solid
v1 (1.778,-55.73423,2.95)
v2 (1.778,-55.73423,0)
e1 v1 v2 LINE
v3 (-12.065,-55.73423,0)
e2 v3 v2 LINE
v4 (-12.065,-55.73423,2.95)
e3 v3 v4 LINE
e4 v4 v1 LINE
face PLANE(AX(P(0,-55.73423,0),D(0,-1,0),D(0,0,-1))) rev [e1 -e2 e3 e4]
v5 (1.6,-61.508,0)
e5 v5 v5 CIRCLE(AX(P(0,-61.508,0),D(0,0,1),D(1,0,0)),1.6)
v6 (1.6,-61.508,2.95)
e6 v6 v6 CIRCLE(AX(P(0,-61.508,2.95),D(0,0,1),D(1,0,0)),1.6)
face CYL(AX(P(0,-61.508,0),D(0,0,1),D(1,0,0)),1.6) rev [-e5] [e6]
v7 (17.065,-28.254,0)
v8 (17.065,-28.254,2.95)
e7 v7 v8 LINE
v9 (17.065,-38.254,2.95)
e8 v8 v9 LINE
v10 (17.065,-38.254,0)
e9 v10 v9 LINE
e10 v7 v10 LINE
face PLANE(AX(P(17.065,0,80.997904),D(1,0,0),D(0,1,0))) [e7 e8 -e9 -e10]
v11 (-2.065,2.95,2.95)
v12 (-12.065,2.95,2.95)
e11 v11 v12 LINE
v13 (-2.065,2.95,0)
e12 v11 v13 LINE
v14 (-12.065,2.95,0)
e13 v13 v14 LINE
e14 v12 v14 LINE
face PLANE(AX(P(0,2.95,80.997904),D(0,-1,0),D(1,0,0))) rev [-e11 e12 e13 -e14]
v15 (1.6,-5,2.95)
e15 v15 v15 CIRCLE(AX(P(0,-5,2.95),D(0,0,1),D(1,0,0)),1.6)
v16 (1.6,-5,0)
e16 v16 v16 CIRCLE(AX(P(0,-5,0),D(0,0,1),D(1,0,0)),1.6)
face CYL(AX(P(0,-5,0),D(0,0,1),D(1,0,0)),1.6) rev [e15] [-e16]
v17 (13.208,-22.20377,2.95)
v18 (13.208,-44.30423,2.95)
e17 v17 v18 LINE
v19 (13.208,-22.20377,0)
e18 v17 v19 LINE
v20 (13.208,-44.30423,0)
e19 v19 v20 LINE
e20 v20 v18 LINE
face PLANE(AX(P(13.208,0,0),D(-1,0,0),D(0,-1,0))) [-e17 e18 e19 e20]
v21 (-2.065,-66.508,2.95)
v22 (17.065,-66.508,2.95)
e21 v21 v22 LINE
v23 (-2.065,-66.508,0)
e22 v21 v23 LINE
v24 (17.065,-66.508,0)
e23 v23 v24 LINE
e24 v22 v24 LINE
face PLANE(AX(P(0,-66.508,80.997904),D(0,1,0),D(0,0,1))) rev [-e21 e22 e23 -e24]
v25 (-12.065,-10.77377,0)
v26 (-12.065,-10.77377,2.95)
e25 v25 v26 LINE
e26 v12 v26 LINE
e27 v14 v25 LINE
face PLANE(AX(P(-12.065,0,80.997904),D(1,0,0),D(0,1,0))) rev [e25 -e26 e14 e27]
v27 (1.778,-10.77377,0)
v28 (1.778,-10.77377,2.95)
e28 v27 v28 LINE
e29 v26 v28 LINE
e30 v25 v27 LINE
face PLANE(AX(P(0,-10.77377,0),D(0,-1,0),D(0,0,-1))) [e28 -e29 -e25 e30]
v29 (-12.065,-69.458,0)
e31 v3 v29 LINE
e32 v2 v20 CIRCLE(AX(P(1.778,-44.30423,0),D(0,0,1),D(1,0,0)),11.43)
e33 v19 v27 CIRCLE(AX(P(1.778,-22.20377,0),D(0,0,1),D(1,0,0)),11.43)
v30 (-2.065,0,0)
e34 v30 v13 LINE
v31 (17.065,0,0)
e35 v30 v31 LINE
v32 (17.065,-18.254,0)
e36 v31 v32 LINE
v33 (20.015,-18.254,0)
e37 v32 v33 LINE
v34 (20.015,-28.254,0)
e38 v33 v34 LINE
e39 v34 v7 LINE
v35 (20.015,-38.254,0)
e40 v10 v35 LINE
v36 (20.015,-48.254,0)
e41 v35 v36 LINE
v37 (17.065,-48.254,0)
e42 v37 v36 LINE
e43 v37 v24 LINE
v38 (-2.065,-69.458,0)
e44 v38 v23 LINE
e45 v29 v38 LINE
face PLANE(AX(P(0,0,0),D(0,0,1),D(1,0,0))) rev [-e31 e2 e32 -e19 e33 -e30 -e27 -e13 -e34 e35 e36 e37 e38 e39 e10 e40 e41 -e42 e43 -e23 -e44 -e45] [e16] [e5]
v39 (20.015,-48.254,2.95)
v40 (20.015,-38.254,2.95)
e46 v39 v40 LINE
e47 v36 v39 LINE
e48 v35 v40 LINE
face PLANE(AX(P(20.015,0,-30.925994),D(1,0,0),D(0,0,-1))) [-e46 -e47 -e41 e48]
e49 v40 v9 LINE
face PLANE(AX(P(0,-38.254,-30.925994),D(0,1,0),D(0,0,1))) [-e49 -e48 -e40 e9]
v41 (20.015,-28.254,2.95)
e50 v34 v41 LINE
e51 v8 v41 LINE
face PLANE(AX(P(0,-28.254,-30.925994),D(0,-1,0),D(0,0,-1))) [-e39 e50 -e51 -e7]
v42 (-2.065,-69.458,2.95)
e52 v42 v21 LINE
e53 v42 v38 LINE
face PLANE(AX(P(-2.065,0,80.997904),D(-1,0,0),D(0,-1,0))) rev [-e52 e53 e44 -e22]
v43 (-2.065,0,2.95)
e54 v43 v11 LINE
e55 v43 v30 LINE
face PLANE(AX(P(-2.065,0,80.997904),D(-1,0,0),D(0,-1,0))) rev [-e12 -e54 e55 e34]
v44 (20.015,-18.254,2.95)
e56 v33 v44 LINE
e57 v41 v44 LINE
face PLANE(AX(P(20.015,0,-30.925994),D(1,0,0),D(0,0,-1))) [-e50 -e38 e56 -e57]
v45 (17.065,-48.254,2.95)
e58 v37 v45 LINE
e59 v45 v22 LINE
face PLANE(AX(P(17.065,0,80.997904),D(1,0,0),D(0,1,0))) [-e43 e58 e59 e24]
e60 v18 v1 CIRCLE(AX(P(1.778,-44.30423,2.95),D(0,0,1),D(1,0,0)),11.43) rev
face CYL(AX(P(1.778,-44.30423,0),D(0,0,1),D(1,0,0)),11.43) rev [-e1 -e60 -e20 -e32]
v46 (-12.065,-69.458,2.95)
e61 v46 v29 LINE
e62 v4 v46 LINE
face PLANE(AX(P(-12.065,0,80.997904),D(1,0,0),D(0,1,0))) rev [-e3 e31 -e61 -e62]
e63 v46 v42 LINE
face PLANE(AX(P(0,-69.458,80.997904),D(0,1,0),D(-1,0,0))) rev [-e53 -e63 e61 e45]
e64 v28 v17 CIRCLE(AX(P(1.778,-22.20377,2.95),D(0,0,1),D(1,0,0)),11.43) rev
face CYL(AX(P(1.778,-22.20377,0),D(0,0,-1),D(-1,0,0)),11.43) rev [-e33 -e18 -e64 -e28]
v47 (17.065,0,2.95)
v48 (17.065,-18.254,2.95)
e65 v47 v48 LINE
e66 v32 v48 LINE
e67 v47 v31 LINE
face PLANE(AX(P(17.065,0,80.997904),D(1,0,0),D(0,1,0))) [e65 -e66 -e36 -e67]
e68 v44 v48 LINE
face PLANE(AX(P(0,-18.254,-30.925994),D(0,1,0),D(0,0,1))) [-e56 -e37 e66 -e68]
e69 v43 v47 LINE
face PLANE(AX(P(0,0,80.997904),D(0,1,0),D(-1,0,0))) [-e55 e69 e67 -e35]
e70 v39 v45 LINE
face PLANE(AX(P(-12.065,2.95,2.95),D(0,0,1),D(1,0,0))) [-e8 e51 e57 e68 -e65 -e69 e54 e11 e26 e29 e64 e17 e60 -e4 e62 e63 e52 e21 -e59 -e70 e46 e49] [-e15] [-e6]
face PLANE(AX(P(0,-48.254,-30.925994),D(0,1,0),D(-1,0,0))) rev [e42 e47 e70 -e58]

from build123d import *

# Parameters (mm, degrees)
SKETCH1_W           = 10
SKETCH1_H           = 2.95
BOSS_EXTRUDE1_DEPTH = 2.95
CUT_EXTRUDE1_DEPTH  = 3.95
FILLET1_R           = 11.43
SKETCH3_W           = 2.95
SKETCH3_H           = 10
BOSS_EXTRUDE2_DEPTH = 2.95
SKETCH4_R           = 1.6
CUT_EXTRUDE2_DEPTH  = 3.95


with BuildPart() as part:
    # Sketch1 → Boss-Extrude1 (new body)
    with BuildSketch(Plane.XY):
        Polygon((-2.065, 0), (-12.065, 0), (-12.065, -66.508), (-2.065, -66.508), (17.065, -66.508), (17.065, 0), align=None)
        with Locations((-7.065, 1.475)):
            Rectangle(SKETCH1_W, SKETCH1_H)
        with Locations((-7.065, -67.983)):
            Rectangle(SKETCH1_W, SKETCH1_H)
    extrude(amount=BOSS_EXTRUDE1_DEPTH)

    # Sketch2 → Cut-Extrude1 (cut, through all)
    with BuildSketch(Plane.XY.offset(2.95)):
        Polygon((13.208, -10.773769685), (12.346170522, -10.773769685), (-7.346170522, -55.734230315), (13.208, -55.734230315), align=None)
        Polygon((-7.346170522, -55.734230315), (12.346170522, -10.773769685), (-12.065, -10.773769685), (-12.065, -55.734230315), align=None)
    extrude(amount=-CUT_EXTRUDE1_DEPTH, mode=Mode.SUBTRACT)

    # Fillet1
    fillet1_edges = [part.edges().sort_by_distance(p)[0] for p in [
        (13.208, -10.773769685, 1.475),
        (13.208, -55.734230315, 1.475),
    ]]
    fillet(fillet1_edges, radius=FILLET1_R)

    # Sketch3 → Boss-Extrude2 (add)
    with BuildSketch(Plane.XY.offset(2.95)):
        with BuildLine():
            Line((17.065, -48.254), (17.065, -38.254))
            Line((17.065, -38.254), (17.065, -28.254))
            Line((17.065, -28.254), (17.065, -18.254))
            Line((17.065, -18.254), (12.503866838, -18.254))
            ThreePointArc((12.503866838, -18.254), (13.030589879, -20.197748494), (13.208, -22.203769685))
            Line((13.208, -22.203769685), (13.208, -44.304230315))
            ThreePointArc((13.208, -44.304230315), (13.030589879, -46.310251506), (12.503866838, -48.254))
            Line((12.503866838, -48.254), (17.065, -48.254))
        make_face()
        with Locations((18.54, -23.254)):
            Rectangle(SKETCH3_W, SKETCH3_H)
        with Locations((18.54, -43.254)):
            Rectangle(SKETCH3_W, SKETCH3_H)
    extrude(amount=-BOSS_EXTRUDE2_DEPTH)

    # Sketch4 → Cut-Extrude2 (cut, through all)
    with BuildSketch(Plane.XY.offset(2.95)):
        with Locations((0, -61.508)):
            Circle(SKETCH4_R)
        with Locations((0, -5)):
            Circle(SKETCH4_R)
    extrude(amount=-CUT_EXTRUDE2_DEPTH, mode=Mode.SUBTRACT)


solid = part.part
